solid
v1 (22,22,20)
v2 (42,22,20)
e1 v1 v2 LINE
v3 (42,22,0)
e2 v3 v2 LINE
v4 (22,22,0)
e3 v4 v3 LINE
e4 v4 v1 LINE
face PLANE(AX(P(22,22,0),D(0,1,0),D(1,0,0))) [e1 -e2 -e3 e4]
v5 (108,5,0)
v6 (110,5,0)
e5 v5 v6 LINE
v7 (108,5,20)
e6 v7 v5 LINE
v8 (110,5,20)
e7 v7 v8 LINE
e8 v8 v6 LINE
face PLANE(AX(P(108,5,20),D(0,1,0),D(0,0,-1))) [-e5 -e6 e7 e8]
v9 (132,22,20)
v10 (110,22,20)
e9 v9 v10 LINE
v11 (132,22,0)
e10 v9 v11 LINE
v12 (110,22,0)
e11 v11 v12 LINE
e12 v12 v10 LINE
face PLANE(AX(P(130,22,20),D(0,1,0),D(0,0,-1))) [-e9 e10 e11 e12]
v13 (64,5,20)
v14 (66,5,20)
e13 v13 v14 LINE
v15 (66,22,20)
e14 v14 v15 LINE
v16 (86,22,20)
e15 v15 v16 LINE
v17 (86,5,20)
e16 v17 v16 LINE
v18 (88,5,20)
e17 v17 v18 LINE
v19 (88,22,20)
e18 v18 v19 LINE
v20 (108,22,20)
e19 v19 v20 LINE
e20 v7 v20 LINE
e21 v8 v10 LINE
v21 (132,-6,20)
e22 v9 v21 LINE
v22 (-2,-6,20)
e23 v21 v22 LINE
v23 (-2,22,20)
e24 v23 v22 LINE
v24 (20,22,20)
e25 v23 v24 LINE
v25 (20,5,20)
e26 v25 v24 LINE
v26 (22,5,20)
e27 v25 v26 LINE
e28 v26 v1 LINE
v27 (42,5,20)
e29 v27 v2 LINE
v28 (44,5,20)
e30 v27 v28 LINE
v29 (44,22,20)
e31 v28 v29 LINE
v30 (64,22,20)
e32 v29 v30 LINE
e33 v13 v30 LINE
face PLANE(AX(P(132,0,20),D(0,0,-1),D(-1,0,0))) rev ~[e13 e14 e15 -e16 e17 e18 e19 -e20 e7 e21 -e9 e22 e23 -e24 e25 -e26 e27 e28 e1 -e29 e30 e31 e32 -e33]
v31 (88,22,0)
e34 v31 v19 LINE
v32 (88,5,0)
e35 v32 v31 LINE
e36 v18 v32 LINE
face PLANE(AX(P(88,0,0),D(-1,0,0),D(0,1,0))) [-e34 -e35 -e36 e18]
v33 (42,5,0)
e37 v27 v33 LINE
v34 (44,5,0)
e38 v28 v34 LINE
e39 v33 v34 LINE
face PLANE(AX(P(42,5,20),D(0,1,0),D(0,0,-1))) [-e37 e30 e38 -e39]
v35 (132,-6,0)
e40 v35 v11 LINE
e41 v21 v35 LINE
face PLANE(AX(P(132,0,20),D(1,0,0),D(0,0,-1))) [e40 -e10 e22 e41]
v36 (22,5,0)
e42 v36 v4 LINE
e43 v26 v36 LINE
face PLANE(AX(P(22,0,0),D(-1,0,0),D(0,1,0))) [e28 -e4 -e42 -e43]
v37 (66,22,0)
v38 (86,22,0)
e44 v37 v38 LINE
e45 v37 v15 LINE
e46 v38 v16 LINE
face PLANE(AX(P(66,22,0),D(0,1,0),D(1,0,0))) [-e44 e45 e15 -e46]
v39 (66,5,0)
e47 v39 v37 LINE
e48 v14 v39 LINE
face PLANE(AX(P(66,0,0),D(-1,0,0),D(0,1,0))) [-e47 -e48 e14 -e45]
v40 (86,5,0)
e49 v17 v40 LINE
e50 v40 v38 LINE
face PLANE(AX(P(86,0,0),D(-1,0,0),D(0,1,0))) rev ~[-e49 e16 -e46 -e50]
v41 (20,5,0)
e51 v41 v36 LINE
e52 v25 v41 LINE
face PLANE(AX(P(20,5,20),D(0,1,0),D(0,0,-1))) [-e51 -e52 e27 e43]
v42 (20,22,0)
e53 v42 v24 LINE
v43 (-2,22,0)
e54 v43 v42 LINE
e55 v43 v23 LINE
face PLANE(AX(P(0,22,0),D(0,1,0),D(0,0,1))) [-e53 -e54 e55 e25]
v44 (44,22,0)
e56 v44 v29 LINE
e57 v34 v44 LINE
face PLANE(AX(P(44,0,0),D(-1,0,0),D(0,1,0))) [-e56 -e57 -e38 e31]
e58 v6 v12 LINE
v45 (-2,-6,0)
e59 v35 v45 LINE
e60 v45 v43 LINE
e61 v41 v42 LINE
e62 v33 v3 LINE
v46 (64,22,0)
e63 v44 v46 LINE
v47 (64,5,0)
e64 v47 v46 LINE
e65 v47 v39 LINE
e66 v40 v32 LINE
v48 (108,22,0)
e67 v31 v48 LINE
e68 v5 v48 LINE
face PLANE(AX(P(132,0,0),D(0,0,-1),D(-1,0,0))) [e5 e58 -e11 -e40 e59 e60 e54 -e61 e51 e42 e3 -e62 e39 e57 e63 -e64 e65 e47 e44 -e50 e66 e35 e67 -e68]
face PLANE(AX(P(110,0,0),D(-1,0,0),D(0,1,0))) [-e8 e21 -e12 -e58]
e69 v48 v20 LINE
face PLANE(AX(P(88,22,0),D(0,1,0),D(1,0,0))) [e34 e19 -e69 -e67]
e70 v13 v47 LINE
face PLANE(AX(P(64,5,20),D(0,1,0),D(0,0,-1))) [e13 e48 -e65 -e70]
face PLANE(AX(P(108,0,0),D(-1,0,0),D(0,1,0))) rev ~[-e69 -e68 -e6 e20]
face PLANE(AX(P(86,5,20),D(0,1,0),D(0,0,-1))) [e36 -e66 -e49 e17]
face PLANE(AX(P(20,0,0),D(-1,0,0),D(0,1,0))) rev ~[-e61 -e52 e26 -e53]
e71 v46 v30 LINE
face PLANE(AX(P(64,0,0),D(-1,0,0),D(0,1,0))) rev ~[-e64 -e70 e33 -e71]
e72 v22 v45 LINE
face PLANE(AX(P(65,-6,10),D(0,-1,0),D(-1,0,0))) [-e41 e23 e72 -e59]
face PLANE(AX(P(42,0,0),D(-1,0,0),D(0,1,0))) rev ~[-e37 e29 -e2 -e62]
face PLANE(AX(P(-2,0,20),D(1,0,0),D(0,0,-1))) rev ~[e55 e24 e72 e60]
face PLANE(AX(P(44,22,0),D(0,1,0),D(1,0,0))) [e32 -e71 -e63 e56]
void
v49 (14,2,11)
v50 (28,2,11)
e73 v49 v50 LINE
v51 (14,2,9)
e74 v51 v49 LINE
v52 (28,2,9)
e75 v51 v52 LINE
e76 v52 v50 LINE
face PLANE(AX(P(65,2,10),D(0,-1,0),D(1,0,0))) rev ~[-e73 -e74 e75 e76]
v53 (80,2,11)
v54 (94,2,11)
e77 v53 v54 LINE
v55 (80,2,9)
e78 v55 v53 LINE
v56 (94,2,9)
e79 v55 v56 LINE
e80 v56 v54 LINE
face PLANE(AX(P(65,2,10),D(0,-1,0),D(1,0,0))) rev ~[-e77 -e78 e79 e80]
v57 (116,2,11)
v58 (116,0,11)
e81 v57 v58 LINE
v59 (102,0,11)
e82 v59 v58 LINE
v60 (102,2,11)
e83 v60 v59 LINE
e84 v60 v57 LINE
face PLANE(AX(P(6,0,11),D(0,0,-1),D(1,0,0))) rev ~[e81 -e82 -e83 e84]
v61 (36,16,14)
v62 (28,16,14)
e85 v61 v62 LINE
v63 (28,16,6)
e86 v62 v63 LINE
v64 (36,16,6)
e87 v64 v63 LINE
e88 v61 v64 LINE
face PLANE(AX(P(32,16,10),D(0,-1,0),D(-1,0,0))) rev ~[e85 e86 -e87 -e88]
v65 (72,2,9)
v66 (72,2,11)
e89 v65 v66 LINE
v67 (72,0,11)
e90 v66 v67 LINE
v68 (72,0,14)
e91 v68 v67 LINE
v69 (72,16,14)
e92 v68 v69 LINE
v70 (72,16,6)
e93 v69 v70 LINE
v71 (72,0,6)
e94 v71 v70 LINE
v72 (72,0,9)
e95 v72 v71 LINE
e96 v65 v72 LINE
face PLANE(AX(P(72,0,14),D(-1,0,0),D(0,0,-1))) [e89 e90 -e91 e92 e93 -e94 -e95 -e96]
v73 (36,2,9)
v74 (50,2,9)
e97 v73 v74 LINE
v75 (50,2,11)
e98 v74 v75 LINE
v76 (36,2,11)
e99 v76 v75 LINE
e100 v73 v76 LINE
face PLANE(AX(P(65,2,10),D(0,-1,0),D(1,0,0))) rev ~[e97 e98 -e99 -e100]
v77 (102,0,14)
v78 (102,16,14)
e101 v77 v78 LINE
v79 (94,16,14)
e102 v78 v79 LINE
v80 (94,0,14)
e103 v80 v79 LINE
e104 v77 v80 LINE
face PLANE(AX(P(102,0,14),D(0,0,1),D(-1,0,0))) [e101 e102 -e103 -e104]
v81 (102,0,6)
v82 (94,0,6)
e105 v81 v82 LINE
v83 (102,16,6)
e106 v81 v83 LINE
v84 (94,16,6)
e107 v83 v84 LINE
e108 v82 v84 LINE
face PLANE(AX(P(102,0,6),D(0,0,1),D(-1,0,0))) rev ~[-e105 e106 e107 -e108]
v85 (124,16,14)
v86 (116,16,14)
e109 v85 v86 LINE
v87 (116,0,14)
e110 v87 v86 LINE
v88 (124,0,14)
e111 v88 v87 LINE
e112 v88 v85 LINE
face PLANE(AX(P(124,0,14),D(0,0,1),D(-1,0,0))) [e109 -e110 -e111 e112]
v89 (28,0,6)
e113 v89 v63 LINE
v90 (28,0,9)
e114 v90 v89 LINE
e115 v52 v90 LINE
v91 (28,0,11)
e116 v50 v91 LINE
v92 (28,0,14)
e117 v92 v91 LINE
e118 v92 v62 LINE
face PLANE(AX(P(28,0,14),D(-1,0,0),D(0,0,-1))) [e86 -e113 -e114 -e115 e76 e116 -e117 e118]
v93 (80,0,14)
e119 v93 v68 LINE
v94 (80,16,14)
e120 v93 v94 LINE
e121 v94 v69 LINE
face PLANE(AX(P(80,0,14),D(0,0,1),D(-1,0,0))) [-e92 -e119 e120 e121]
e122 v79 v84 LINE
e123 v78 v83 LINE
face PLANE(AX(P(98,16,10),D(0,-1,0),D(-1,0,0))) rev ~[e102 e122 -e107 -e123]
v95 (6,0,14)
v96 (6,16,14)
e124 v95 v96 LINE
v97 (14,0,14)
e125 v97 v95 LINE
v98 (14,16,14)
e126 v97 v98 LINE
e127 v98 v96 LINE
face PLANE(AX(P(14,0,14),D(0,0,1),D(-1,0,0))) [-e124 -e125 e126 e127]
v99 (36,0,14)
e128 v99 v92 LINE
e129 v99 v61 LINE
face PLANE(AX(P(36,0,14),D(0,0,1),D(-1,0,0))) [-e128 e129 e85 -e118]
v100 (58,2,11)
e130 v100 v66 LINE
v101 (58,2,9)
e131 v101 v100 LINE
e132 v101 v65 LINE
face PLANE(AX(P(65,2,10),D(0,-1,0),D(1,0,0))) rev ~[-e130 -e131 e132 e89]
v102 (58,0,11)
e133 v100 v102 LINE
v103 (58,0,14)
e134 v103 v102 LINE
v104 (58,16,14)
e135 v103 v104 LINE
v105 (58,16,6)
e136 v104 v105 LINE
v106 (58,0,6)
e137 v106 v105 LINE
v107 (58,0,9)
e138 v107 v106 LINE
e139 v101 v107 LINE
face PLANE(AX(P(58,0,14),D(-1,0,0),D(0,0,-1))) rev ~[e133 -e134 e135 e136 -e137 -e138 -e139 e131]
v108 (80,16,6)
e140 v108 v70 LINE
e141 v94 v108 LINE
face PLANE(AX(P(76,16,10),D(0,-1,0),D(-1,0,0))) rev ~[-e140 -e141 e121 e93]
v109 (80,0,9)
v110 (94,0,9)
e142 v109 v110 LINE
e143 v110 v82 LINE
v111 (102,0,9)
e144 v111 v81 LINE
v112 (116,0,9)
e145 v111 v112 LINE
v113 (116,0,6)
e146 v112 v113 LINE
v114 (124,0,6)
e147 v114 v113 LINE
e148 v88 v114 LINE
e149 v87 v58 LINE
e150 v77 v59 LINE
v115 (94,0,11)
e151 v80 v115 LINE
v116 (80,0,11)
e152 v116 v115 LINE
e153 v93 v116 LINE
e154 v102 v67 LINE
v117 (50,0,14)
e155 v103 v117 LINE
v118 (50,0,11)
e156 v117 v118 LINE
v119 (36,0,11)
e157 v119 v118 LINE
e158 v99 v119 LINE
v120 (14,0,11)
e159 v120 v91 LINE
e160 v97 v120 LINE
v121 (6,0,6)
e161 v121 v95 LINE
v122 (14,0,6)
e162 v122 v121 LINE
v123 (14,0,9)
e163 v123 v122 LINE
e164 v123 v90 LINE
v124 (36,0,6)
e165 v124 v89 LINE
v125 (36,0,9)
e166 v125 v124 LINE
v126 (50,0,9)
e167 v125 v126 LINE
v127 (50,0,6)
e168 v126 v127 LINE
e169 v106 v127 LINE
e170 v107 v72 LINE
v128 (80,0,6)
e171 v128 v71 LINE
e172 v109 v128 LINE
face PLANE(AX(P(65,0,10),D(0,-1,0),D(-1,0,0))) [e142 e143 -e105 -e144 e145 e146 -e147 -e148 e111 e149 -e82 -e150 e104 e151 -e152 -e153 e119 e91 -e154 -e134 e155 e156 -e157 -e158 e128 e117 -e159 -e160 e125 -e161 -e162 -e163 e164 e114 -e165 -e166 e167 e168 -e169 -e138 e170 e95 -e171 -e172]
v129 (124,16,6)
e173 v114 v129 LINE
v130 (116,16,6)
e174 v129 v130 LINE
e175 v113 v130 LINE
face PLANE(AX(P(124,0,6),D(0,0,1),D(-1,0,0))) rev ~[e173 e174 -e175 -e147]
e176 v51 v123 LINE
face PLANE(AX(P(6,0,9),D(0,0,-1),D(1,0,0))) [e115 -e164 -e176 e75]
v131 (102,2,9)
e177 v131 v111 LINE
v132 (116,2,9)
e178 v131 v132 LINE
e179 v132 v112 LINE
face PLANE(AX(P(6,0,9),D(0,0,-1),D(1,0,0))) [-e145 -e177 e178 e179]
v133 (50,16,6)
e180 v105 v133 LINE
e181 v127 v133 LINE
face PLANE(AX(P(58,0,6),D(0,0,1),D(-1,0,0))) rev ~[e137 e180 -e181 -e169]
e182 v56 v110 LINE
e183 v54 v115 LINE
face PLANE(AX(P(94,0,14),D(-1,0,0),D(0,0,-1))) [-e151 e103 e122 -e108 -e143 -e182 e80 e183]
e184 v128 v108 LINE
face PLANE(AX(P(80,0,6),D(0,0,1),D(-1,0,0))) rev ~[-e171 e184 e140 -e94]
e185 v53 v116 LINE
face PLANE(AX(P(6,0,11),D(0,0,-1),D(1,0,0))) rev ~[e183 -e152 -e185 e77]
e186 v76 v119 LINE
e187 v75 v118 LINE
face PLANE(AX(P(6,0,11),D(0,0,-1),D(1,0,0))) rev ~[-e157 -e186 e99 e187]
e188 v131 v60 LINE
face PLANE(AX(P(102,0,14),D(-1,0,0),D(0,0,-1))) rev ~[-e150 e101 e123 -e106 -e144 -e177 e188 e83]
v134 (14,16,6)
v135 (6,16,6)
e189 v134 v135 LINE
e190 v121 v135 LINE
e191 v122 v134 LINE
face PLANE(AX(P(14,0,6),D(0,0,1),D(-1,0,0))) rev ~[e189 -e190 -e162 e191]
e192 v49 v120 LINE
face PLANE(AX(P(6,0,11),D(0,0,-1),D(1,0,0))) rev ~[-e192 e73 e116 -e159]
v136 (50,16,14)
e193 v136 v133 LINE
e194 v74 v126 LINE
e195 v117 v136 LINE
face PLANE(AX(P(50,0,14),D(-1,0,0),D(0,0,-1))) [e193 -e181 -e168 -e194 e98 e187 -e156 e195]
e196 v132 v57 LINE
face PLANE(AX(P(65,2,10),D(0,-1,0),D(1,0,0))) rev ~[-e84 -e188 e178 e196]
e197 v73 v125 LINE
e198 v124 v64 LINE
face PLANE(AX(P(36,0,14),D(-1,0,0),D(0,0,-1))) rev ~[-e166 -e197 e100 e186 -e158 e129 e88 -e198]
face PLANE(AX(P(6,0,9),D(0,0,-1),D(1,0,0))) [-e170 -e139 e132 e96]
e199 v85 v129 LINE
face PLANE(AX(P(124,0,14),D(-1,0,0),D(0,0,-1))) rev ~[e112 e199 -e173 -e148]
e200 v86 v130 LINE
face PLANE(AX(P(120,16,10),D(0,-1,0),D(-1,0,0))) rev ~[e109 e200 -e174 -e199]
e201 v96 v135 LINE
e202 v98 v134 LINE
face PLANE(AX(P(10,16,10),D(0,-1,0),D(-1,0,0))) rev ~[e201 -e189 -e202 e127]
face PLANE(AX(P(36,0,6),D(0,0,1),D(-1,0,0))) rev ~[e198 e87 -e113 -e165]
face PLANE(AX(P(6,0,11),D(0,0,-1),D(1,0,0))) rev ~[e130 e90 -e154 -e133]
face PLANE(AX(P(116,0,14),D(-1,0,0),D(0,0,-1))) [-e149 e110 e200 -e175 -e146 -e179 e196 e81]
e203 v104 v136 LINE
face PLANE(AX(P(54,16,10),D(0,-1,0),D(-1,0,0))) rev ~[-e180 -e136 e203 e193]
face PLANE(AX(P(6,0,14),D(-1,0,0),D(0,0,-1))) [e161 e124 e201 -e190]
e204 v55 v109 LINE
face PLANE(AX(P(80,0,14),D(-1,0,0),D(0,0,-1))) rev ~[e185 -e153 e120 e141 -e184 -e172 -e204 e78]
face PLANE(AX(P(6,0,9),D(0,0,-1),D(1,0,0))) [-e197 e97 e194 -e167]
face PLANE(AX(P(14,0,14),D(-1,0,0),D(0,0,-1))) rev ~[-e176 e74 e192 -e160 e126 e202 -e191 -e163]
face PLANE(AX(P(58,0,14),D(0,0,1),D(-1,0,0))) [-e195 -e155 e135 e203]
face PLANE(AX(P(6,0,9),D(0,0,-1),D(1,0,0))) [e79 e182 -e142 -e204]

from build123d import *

# Parameters (mm, degrees)
SKETCH1_W           = 20
SKETCH1_H           = 22
BOSS_EXTRUDE1_DEPTH = 20
SKETCH2_W           = 8
SKETCH2_H           = 8
CUT_EXTRUDE1_DEPTH  = 16
SKETCH3_W           = 20
SKETCH3_H           = 5
BOSS_EXTRUDE2_DEPTH = 2
LPATTERN1_COUNT     = 6
LPATTERN1_PITCH     = 22
SKETCH4_W           = 20
SKETCH4_H           = 17
BOSS_EXTRUDE3_DEPTH = 2
SKETCH5_W           = 20
SKETCH5_H           = 22
BOSS_EXTRUDE4_DEPTH = 2
SKETCH6_W           = 118
SKETCH6_H           = 2
CUT_EXTRUDE2_DEPTH  = 2
SKETCH7_W           = 134
SKETCH7_H           = 20
BOSS_EXTRUDE5_DEPTH = 6


with BuildPart() as part:
    # Sketch1 → Boss-Extrude1 (new body)
    with BuildSketch(Plane.XY):
        with Locations((10, 11)):
            Rectangle(SKETCH1_W, SKETCH1_H)
    extrude(amount=BOSS_EXTRUDE1_DEPTH)

    # Sketch2 → Cut-Extrude1 (cut)
    with BuildSketch(Plane(origin=(0, 0, 0), x_dir=(-1, 0, 0), z_dir=(0, -1, 0))):
        with Locations((-10, -10)):
            Rectangle(SKETCH2_W, SKETCH2_H)
    extrude(amount=-CUT_EXTRUDE1_DEPTH, mode=Mode.SUBTRACT)

    # Sketch3 → Boss-Extrude2 (add)
    with BuildSketch(Plane(origin=(20, 0, 0), x_dir=(0, 0, -1), z_dir=(1, 0, 0))):
        with Locations((-10, 2.5)):
            Rectangle(SKETCH3_W, SKETCH3_H)
    extrude(amount=BOSS_EXTRUDE2_DEPTH)


with BuildPart() as lpattern1_1:
    # LPattern1: pattern copy
    add(part.part.moved(Location(Vector(1, 0, 0) * (1 * LPATTERN1_PITCH))))


with BuildPart() as lpattern1_2:
    # LPattern1: pattern copy
    add(part.part.moved(Location(Vector(1, 0, 0) * (2 * LPATTERN1_PITCH))))


with BuildPart() as lpattern1_3:
    # LPattern1: pattern copy
    add(part.part.moved(Location(Vector(1, 0, 0) * (3 * LPATTERN1_PITCH))))


with BuildPart() as lpattern1_4:
    # LPattern1: pattern copy
    add(part.part.moved(Location(Vector(1, 0, 0) * (4 * LPATTERN1_PITCH))))


with BuildPart() as lpattern1_5:
    # LPattern1: pattern copy
    add(part.part.moved(Location(Vector(1, 0, 0) * (5 * LPATTERN1_PITCH))))


with BuildPart() as lpattern1_1_1:
    add(lpattern1_1.part)

    # Combine1: union LPattern1_2, LPattern1_3, LPattern1_4, LPattern1_5, part
    add(lpattern1_2.part)
    add(lpattern1_3.part)
    add(lpattern1_4.part)
    add(lpattern1_5.part)
    add(part.part)

    # Sketch4 → Boss-Extrude3 (add)
    with BuildSketch(Plane(origin=(130, 0, 0), x_dir=(0, 0, -1), z_dir=(1, 0, 0))):
        with Locations((-10, 13.5)):
            Rectangle(SKETCH4_W, SKETCH4_H)
    extrude(amount=BOSS_EXTRUDE3_DEPTH)

    # Sketch5 → Boss-Extrude4 (add)
    with BuildSketch(Plane.ZY):
        with Locations((10, 11)):
            Rectangle(SKETCH5_W, SKETCH5_H)
    extrude(amount=BOSS_EXTRUDE4_DEPTH)

    # Sketch6 → Cut-Extrude2 (cut)
    with BuildSketch(Plane.XZ):
        with Locations((65, 10)):
            Rectangle(SKETCH6_W, SKETCH6_H)
    extrude(amount=-CUT_EXTRUDE2_DEPTH, mode=Mode.SUBTRACT)

    # Sketch7 → Boss-Extrude5 (add)
    with BuildSketch(Plane(origin=(0, 0, 0), x_dir=(-1, 0, 0), z_dir=(0, -1, 0))):
        with Locations((-65, -10)):
            Rectangle(SKETCH7_W, SKETCH7_H)
    extrude(amount=BOSS_EXTRUDE5_DEPTH)


solid = lpattern1_1_1.part
